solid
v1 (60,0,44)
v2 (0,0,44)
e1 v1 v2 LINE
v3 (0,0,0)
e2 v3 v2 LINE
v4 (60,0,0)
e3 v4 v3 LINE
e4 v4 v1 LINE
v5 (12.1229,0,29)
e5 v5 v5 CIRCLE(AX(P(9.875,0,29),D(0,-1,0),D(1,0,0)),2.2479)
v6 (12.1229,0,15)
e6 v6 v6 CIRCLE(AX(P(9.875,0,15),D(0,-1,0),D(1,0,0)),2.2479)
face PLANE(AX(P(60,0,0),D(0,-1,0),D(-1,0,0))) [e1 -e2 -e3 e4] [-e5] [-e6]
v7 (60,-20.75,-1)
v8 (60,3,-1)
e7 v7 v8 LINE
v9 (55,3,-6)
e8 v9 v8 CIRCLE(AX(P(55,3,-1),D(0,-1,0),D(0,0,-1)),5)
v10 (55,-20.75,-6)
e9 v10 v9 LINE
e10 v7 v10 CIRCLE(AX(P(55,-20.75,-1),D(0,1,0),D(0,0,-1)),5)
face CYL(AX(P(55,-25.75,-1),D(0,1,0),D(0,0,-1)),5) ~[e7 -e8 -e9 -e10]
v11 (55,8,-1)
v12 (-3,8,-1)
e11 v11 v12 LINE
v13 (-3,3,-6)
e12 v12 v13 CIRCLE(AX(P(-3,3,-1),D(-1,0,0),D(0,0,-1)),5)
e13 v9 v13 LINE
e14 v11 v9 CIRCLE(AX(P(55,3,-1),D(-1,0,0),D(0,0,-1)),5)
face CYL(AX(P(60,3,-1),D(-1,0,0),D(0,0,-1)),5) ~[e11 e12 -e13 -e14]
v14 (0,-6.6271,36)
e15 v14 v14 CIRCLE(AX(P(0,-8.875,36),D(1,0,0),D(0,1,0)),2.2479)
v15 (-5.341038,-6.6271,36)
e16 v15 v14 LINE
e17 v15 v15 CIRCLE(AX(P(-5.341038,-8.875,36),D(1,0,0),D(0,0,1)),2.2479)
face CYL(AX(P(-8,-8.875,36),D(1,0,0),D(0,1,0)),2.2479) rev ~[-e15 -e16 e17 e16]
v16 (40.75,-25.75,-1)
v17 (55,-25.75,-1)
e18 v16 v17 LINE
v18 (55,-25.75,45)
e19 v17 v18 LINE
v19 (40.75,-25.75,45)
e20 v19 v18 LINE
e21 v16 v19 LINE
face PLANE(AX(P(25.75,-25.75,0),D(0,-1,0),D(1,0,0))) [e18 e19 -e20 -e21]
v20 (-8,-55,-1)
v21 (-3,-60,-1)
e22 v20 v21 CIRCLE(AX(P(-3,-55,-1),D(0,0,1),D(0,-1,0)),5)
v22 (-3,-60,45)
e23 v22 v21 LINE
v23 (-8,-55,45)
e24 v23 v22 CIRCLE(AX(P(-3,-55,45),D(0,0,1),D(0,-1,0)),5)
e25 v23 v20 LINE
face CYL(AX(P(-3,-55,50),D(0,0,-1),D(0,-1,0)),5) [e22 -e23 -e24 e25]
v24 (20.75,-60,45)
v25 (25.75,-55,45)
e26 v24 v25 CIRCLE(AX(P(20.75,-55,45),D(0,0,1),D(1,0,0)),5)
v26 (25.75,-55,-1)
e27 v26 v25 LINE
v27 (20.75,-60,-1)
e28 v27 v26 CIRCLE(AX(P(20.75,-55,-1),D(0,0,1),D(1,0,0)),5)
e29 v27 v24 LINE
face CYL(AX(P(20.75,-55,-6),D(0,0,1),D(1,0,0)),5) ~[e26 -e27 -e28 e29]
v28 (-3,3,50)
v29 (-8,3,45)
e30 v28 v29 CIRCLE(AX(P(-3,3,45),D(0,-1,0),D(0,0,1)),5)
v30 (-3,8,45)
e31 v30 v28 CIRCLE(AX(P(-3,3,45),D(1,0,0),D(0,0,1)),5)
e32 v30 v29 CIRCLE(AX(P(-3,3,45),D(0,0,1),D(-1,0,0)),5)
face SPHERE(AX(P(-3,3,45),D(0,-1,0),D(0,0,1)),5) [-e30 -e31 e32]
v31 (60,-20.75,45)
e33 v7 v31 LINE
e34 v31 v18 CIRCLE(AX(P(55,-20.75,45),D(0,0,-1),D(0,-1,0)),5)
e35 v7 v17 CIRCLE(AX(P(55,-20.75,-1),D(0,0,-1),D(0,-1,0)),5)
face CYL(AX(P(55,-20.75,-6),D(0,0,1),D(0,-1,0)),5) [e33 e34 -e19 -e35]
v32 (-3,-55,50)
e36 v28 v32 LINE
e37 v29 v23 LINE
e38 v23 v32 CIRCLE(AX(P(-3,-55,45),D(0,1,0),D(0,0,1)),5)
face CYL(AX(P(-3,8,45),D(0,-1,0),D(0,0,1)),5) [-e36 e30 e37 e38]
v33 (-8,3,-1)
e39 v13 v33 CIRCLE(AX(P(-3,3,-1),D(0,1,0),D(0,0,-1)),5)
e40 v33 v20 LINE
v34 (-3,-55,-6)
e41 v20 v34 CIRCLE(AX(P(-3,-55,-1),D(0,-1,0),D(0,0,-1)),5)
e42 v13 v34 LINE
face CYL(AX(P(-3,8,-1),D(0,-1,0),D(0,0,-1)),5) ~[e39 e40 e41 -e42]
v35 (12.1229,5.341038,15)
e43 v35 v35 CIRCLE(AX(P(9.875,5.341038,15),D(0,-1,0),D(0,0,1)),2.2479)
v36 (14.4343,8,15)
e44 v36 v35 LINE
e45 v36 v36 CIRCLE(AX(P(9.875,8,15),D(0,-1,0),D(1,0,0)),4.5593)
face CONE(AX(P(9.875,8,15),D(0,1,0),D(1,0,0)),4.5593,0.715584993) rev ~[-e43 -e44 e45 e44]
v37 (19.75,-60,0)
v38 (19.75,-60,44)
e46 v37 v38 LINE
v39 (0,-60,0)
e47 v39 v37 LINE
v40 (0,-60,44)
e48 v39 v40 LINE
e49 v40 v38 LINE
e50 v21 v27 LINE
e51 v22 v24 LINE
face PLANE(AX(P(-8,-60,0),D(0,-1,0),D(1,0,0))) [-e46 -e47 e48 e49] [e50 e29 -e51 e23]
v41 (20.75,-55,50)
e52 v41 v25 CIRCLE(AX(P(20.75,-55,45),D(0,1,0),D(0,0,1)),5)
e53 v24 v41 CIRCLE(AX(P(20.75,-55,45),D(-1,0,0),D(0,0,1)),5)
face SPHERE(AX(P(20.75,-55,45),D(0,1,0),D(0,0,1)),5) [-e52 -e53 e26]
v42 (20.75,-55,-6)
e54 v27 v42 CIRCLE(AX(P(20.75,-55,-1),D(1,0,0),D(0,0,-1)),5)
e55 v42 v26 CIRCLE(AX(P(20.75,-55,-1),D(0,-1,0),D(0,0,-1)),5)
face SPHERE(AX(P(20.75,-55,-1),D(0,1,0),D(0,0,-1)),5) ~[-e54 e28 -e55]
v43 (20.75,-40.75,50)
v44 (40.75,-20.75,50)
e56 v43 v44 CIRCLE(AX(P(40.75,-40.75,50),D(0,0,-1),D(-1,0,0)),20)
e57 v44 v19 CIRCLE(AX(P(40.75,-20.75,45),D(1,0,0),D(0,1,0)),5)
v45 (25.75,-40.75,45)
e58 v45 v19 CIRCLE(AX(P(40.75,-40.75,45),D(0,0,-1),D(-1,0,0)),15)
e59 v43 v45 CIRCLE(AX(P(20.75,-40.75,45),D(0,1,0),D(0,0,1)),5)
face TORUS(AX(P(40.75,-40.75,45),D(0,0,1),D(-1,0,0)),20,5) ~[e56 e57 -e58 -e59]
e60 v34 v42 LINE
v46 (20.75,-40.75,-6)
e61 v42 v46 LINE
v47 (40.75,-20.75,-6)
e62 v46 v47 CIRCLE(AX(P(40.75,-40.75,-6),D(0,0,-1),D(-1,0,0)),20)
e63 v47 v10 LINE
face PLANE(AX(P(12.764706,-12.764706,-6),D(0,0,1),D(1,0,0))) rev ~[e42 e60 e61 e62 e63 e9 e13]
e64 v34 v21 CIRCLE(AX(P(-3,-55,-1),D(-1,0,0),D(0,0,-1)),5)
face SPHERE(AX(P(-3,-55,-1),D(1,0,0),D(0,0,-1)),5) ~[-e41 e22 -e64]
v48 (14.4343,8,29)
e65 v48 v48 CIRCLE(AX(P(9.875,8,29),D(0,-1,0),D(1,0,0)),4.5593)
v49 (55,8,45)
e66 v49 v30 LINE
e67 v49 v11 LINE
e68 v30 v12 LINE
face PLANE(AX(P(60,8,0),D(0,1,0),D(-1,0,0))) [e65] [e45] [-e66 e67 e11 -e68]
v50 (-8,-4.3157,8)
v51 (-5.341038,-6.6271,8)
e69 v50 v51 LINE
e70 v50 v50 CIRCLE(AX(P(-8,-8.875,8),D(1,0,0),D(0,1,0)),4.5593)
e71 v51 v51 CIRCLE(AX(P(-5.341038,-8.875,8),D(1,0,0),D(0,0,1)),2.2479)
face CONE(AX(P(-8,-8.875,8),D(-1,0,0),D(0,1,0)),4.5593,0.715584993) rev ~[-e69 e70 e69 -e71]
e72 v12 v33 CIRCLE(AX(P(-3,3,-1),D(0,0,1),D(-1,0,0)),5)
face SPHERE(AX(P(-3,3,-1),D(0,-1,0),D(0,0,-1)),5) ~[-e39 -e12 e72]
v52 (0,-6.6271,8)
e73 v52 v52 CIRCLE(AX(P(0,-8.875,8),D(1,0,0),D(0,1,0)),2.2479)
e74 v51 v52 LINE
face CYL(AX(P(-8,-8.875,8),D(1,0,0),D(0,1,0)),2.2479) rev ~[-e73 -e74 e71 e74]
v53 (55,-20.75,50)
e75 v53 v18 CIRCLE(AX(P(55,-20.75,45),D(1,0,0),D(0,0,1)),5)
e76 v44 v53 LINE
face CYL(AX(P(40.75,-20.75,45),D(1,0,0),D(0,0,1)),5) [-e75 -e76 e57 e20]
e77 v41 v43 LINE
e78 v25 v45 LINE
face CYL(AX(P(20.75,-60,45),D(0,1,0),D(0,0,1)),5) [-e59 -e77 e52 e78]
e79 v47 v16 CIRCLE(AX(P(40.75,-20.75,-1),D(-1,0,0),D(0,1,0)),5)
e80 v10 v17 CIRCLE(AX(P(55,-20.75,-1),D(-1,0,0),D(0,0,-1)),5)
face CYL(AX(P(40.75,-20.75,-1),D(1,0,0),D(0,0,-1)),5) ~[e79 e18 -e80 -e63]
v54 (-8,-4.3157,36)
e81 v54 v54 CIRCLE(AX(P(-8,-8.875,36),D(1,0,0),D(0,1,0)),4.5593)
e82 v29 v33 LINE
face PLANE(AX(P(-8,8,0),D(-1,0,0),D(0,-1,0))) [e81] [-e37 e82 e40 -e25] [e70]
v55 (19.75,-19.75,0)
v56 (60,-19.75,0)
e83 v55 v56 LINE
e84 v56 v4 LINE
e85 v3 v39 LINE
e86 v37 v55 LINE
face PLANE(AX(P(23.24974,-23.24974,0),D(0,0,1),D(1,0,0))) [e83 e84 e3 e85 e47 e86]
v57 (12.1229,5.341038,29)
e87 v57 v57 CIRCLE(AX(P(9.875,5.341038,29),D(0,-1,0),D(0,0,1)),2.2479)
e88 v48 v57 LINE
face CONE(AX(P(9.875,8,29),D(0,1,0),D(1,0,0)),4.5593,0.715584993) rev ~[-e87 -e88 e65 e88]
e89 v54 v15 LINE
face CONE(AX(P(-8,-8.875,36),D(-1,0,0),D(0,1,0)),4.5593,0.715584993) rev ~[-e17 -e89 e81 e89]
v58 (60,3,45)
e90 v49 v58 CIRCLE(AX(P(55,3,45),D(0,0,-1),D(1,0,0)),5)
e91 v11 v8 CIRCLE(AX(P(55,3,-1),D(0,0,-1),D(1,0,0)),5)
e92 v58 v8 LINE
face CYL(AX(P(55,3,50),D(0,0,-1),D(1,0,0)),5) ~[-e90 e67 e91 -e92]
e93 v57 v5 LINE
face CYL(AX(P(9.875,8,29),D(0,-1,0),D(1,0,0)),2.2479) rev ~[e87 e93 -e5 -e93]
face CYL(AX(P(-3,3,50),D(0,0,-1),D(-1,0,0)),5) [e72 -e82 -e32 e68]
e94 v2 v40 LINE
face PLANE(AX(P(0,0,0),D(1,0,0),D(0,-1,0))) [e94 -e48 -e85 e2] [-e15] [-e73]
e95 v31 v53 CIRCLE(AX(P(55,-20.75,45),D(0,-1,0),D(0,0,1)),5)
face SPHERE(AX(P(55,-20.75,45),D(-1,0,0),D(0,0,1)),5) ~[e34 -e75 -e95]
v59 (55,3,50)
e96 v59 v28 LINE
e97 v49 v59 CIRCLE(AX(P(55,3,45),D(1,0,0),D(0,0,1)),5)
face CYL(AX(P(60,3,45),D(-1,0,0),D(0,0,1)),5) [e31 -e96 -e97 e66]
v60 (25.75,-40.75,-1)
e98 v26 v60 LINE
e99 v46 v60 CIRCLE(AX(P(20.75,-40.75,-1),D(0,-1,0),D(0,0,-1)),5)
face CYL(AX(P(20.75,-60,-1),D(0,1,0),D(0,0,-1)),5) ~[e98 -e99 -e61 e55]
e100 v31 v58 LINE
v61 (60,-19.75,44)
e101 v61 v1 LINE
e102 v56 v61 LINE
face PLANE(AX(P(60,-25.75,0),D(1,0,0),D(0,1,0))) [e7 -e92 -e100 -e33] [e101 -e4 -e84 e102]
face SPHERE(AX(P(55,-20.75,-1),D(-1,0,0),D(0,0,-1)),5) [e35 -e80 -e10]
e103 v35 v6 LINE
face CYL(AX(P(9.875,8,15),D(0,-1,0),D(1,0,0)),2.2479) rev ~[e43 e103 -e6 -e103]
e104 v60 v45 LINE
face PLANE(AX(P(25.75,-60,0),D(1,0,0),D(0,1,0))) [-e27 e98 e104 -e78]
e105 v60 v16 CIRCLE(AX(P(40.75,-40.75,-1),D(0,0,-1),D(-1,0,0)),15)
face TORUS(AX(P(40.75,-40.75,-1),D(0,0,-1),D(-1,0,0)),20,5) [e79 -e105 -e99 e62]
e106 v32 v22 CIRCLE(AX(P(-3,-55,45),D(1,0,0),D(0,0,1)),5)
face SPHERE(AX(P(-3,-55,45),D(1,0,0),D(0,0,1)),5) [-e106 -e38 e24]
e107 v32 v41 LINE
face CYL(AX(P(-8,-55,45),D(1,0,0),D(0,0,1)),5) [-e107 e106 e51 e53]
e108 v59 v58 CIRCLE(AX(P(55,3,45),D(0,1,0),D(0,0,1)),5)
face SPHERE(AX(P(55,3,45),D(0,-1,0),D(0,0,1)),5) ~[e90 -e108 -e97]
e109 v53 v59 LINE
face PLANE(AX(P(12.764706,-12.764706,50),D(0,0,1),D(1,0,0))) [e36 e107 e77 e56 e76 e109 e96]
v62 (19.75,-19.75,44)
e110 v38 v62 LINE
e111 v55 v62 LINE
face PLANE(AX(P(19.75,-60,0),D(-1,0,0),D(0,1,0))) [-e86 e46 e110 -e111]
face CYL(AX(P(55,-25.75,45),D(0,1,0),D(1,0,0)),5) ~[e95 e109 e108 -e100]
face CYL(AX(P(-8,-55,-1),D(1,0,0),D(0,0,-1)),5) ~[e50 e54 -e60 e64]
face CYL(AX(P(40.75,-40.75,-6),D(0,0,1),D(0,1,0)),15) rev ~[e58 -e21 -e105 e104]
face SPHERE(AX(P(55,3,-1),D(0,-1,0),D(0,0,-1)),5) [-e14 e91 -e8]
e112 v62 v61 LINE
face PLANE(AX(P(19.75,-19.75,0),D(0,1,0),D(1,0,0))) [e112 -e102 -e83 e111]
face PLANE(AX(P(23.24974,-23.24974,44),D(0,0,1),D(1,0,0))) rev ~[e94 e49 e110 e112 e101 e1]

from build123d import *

# Parameters (mm, degrees)
F1_DEPTH             = 50
F1_DEPTH_BACK        = 6
F2_DEPTH             = 44
F5_D                 = 4.4958
F5_CSINK_D           = 9.1186
F5_CSINK_ANGLE       = 82
F5_ON_F3_D           = 4.4958
F5_ON_F3_CSINK_D     = 9.1186
F5_ON_F3_CSINK_ANGLE = 82
F6_R                 = 15
F7_R                 = 5


with BuildPart() as f1:
    # F0 (on Top) → F1 (new body, two sides)
    with BuildSketch(Plane.XY) as f1_sk:
        Polygon((-8, -60), (0, -60), (0, 0), (60, 0), (60, 8), (-8, 8), align=None)
        Polygon((19.75, -19.75), (19.75, -60), (25.75, -60), (25.75, -25.75), (60, -25.75), (60, -19.75), align=None)
        Polygon((0, 0), (0, -60), (19.75, -60), (19.75, -19.75), (60, -19.75), (60, 0), align=None)
    extrude(amount=F1_DEPTH)
    extrude(f1_sk.sketch, amount=-F1_DEPTH_BACK)

    # F0 (on Top) → F2 (cut)
    with BuildSketch(Plane.XY):
        Polygon((0, 0), (0, -60), (19.75, -60), (19.75, -19.75), (60, -19.75), (60, 0), align=None)
    extrude(amount=F2_DEPTH, mode=Mode.SUBTRACT)

    # F5 (through all)
    with Locations(Plane(origin=(-8, 0, 0), x_dir=(0, -1, 0), z_dir=(-1, 0, 0))):
        with Locations((8.875, 36), (8.875, 8)):
            CounterSinkHole(F5_D / 2, F5_CSINK_D / 2, counter_sink_angle=F5_CSINK_ANGLE)

    # F5 on F3 (through all)
    with Locations(Plane(origin=(0, 8, 0), x_dir=(-1, 0, 0), z_dir=(0, 1, 0))):
        with Locations((-9.875, 29), (-9.875, 15)):
            CounterSinkHole(F5_ON_F3_D / 2, F5_ON_F3_CSINK_D / 2, counter_sink_angle=F5_ON_F3_CSINK_ANGLE)

    # F6
    f6_edges = [f1.edges().sort_by_distance(p)[0] for p in [
        (25.75, -25.75, 22),
    ]]
    fillet(f6_edges, radius=F6_R)

    # F7
    f7_edges = [f1.edges().sort_by_distance(p)[0] for p in [
        (25.75, -50.375, 50),
        (30.143398, -30.143398, 50),
        (8.875, -60, 50),
        (50.375, -25.75, 50),
        (-8, -26, 50),
        (60, -8.875, 50),
        (26, 8, 50),
        (25.75, -50.375, -6),
        (30.143398, -30.143398, -6),
        (8.875, -60, -6),
        (50.375, -25.75, -6),
        (-8, -26, -6),
        (60, -8.875, -6),
        (26, 8, -6),
        (60, -25.75, 22),
        (60, 8, 22),
        (25.75, -60, 22),
        (-8, -60, 22),
        (-8, 8, 22),
    ]]
    fillet(f7_edges, radius=F7_R)


solid = f1.part
